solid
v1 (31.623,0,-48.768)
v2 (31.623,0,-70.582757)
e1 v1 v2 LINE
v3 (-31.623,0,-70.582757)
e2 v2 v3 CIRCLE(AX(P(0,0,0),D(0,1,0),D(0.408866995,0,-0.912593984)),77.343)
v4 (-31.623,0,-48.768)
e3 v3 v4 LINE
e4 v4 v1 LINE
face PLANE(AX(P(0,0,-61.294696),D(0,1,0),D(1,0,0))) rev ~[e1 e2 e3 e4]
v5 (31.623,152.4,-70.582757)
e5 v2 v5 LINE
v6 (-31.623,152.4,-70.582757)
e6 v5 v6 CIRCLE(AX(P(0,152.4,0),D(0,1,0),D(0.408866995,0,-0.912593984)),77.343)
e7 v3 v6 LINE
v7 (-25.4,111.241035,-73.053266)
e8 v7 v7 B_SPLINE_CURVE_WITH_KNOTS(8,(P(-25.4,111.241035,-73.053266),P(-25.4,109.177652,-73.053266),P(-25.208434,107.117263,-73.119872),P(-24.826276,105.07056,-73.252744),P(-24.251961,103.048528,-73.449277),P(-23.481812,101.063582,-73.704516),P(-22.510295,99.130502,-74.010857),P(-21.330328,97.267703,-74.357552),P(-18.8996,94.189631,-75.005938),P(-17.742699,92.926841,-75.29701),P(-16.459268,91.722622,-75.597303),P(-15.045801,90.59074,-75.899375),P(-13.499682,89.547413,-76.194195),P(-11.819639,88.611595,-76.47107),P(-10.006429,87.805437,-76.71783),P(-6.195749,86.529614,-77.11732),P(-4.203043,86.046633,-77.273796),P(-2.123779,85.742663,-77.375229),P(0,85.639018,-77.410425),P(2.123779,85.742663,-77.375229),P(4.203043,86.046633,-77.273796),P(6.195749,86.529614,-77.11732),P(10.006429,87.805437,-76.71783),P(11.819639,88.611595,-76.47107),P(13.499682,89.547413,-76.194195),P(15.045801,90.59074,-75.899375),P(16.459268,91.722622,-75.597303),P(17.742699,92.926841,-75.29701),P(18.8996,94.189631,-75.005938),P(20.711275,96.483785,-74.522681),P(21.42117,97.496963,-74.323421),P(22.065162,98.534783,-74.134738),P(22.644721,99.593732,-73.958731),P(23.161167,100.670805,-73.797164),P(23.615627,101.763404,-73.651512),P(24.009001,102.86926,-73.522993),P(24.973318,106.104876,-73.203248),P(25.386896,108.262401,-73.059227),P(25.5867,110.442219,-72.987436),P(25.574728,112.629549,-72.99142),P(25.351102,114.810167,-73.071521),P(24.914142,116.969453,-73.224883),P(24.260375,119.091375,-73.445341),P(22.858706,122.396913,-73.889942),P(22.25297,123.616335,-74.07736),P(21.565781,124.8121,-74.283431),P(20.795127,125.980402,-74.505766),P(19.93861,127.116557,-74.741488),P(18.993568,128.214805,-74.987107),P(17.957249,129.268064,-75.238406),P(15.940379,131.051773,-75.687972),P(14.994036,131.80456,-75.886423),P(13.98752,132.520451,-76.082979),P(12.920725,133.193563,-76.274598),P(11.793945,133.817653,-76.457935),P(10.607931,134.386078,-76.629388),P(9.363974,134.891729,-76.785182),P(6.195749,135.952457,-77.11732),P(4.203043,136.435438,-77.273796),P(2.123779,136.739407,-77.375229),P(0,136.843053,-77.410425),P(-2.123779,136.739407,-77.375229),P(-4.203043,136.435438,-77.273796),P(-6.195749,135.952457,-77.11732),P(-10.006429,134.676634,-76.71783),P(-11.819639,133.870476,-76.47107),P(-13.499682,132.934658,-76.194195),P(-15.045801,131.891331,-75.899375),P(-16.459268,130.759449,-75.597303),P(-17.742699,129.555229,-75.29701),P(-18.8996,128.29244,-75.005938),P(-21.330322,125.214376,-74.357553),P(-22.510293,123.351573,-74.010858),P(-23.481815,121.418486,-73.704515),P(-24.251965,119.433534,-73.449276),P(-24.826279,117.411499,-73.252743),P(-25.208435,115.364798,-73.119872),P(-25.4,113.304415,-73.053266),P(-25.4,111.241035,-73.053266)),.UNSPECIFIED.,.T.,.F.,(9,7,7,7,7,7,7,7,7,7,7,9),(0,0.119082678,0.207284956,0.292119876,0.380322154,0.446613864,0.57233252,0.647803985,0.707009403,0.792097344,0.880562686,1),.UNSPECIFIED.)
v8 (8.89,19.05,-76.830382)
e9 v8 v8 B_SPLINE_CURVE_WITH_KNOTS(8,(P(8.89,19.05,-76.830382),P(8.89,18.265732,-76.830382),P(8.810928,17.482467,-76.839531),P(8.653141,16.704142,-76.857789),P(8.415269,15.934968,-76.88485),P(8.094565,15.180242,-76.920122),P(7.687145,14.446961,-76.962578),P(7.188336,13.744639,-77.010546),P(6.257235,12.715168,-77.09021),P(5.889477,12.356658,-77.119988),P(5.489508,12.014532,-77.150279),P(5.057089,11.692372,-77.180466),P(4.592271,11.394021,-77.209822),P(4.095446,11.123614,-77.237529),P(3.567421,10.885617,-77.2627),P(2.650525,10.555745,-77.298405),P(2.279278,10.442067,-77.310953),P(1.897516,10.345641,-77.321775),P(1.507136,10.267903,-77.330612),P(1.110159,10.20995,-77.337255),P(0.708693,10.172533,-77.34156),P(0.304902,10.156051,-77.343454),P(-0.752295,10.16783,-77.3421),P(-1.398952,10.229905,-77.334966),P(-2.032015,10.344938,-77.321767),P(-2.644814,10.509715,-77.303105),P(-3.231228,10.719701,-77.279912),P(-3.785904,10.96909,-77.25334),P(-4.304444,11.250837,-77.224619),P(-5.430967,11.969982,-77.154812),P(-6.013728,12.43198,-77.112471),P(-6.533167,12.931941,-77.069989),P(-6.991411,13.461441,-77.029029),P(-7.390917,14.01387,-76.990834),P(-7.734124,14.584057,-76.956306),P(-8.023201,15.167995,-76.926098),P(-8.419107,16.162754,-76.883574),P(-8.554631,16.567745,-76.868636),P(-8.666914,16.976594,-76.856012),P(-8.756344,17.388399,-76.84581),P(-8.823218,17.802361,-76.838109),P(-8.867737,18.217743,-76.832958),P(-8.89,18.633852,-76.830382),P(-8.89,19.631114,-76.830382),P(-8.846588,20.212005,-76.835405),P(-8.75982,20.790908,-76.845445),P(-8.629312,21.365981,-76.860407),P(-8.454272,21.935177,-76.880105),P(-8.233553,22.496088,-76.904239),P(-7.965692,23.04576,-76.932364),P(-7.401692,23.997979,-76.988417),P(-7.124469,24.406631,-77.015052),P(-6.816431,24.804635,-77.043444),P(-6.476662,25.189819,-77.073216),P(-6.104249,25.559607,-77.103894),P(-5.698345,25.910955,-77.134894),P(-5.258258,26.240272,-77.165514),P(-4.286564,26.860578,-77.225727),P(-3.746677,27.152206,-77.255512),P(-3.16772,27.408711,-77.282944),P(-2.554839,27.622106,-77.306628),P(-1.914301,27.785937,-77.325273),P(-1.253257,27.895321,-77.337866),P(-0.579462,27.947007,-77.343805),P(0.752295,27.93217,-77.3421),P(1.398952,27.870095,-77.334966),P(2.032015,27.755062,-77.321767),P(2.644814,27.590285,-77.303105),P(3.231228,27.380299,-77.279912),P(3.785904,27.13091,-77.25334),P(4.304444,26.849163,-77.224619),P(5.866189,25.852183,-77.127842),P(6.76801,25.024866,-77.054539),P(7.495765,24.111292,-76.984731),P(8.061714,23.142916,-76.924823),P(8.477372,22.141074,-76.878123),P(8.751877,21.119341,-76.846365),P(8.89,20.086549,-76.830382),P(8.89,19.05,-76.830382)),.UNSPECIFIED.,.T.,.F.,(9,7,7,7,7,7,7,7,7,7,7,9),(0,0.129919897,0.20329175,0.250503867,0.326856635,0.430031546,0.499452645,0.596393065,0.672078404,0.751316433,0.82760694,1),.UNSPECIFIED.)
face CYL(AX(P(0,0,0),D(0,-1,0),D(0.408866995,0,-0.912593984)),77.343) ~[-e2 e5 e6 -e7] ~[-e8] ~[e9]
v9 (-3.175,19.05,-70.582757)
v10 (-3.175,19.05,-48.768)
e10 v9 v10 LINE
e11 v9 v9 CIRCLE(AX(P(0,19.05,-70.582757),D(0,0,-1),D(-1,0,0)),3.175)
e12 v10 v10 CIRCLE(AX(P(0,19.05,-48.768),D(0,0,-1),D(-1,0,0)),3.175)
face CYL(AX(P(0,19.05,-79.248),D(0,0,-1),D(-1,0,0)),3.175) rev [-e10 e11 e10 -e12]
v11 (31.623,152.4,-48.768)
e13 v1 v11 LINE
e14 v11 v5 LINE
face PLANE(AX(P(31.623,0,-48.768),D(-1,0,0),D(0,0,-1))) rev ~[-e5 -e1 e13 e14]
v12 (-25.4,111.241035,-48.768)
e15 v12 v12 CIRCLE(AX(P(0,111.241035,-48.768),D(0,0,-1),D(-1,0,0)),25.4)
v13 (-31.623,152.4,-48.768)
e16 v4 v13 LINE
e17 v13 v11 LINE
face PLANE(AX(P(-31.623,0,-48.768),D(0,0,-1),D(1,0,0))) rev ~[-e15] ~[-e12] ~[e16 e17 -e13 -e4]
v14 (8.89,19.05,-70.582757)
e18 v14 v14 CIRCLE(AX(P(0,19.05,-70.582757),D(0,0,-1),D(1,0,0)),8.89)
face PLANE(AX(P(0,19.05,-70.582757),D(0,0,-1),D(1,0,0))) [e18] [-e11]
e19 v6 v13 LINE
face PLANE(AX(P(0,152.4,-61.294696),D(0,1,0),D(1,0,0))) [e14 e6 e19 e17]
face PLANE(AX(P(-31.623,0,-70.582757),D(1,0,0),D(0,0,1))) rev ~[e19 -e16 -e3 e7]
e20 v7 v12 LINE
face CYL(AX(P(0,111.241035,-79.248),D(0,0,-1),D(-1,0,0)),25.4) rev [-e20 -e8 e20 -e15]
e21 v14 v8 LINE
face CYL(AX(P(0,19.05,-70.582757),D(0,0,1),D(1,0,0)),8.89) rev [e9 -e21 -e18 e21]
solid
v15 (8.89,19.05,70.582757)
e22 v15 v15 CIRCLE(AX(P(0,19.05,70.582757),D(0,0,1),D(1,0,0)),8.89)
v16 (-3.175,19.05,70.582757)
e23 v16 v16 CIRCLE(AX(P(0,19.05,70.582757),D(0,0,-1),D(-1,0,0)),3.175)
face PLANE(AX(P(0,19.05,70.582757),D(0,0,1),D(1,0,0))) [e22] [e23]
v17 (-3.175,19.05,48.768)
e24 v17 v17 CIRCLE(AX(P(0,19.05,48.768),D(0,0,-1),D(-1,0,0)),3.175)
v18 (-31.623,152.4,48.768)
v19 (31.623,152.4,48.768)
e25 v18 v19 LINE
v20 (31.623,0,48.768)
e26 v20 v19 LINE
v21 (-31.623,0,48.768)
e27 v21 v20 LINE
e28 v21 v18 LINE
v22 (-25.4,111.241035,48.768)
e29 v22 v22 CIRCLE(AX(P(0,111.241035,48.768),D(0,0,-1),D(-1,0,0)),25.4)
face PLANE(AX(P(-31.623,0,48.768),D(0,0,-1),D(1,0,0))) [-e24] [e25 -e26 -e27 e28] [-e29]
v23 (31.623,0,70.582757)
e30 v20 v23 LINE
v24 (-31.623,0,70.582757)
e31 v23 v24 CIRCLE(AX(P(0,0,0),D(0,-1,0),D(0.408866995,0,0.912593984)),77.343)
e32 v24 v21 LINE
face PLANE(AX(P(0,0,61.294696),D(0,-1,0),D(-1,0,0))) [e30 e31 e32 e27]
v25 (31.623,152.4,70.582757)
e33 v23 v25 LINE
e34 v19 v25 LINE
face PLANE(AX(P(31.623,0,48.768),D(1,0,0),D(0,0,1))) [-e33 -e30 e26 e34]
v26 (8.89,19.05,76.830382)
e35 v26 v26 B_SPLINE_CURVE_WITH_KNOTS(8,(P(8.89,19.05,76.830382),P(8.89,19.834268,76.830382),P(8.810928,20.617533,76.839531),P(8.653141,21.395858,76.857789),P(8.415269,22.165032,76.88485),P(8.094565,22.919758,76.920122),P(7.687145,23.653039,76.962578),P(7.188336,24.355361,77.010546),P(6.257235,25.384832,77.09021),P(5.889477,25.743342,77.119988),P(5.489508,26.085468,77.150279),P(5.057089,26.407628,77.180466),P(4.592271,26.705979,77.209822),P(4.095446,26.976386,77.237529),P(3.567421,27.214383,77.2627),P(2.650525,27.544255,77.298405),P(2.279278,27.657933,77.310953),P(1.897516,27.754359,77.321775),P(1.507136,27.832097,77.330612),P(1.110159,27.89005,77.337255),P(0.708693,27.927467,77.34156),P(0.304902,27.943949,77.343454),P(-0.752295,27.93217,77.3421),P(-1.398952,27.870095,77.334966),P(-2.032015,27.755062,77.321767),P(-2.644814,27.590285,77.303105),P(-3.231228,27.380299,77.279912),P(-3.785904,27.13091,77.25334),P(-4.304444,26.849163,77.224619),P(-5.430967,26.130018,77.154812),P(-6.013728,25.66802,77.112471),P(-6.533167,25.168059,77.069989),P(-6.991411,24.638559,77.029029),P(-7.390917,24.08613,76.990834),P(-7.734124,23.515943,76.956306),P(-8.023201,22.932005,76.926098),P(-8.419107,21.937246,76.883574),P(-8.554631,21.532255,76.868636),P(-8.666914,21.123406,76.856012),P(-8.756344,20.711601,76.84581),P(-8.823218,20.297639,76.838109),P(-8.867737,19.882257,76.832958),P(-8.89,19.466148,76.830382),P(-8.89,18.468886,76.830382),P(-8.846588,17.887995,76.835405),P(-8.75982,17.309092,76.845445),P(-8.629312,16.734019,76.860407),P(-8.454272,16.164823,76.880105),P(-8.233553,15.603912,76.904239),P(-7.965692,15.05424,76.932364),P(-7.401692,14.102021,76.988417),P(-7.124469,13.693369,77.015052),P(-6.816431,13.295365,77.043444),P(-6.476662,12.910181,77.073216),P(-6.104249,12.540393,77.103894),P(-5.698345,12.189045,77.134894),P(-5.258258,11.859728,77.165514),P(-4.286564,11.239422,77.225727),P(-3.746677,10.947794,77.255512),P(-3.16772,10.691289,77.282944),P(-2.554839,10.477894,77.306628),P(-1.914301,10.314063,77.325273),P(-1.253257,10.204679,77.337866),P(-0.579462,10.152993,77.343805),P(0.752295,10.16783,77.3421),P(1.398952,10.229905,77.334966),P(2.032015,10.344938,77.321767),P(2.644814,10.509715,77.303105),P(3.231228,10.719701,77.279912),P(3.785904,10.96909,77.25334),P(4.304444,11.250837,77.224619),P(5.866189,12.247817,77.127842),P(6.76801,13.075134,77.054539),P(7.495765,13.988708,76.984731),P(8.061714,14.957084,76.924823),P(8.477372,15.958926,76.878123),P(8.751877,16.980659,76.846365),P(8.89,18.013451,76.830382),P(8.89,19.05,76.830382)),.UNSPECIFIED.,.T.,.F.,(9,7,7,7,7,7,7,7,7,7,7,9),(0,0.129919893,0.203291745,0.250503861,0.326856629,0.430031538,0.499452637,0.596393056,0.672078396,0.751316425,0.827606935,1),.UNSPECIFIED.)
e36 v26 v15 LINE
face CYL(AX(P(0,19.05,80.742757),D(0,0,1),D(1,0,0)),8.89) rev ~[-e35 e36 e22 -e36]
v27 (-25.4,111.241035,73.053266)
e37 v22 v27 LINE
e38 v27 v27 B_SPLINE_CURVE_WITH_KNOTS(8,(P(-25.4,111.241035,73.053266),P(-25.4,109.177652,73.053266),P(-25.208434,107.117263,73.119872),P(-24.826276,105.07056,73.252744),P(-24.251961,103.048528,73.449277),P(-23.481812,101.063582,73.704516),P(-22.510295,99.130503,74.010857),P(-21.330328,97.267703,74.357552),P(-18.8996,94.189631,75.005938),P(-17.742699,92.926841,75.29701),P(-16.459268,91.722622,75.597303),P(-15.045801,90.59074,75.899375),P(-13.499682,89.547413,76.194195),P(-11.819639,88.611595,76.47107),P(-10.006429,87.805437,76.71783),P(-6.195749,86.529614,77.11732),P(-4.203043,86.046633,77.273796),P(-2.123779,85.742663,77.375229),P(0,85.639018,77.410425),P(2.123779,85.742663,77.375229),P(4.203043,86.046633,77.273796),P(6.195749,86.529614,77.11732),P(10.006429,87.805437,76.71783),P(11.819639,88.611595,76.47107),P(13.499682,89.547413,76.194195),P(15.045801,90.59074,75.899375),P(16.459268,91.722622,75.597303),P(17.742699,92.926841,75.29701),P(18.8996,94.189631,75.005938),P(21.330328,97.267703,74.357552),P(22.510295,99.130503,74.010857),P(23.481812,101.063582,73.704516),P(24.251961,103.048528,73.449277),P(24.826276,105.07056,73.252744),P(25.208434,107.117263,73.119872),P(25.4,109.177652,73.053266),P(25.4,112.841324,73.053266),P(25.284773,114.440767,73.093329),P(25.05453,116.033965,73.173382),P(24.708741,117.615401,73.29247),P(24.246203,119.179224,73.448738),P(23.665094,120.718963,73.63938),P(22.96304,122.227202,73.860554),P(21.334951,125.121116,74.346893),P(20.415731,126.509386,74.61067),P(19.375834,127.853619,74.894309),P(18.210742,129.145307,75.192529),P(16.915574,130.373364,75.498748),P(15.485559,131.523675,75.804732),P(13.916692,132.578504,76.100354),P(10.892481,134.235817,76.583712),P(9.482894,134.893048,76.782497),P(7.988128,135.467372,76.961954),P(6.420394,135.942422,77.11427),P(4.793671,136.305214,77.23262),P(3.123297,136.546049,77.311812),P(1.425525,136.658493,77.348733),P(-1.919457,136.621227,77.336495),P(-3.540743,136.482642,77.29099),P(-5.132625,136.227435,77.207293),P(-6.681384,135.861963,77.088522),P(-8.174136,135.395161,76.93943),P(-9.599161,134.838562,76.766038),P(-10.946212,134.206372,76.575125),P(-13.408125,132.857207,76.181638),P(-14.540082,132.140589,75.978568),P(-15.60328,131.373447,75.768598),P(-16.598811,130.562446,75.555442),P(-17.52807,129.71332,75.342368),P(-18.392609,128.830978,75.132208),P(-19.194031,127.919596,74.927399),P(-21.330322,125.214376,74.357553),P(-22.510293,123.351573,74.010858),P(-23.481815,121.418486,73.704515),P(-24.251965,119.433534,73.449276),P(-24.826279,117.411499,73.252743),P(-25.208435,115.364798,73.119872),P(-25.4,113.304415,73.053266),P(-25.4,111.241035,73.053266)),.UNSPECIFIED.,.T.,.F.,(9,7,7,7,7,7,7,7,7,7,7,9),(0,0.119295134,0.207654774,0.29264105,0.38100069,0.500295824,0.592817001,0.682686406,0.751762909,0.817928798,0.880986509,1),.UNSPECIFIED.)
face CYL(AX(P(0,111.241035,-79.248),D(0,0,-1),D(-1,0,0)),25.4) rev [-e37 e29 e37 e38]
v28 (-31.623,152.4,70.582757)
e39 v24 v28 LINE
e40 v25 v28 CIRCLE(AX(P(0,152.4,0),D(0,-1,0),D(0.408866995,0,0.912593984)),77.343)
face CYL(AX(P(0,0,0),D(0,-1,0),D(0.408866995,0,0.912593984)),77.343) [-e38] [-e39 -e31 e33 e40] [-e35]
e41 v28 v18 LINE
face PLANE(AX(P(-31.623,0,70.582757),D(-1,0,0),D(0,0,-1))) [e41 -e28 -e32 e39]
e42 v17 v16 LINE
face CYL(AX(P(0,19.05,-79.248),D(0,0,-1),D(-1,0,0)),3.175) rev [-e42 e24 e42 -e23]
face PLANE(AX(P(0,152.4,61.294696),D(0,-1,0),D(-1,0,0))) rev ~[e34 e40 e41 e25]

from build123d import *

# Parameters (mm, degrees)
BOSS_EXTRUDE1_DEPTH     = 152.4
BOSS_EXTRUDE1_2_DEPTH   = 152.4
CUT_EXTRUDE1_DEPTH      = 127
CUT_EXTRUDE1_DEPTH_BACK = 30.48
SKETCH4_R               = 3.175
CUT_EXTRUDE2_DEPTH      = 127
CUT_EXTRUDE2_DEPTH_BACK = 30.48
SKETCH5_R               = 25.4
SKETCH6_R               = 8.89
CUT_EXTRUDE3_DEPTH      = 10.16
CUT_EXTRUDE4_START      = 10.16
SKETCH7_R               = 8.89
CUT_EXTRUDE4_DEPTH      = 10.16


with BuildPart() as part:
    # Sketch3 → Boss-Extrude1 (new body)
    with BuildSketch(Plane(origin=(0, 0, 0), x_dir=(1, 0, 0), z_dir=(0, 1, 0))):
        with BuildLine():
            Line((-31.623, 48.768), (31.623, 48.768))
            Line((31.623, 48.768), (31.623, 70.582756534))
            ThreePointArc((31.623, 70.582756534), (0, 77.343), (-31.623, 70.582756534))
            Line((-31.623, 70.582756534), (-31.623, 48.768))
        make_face()
    extrude(amount=BOSS_EXTRUDE1_DEPTH)


with BuildPart() as body_2:
    # Sketch3 → Boss-Extrude1 2 (new body)
    with BuildSketch(Plane(origin=(0, 0, 0), x_dir=(1, 0, 0), z_dir=(0, 1, 0))):
        with BuildLine():
            Line((-31.623, -48.768), (31.623, -48.768))
            Line((31.623, -48.768), (31.623, -70.582756534))
            ThreePointArc((31.623, -70.582756534), (0, -77.343), (-31.623, -70.582756534))
            Line((-31.623, -70.582756534), (-31.623, -48.768))
        make_face()
    extrude(amount=BOSS_EXTRUDE1_2_DEPTH)


with BuildPart() as cut_extrude1_tool:
    # Sketch4 → Cut-Extrude1 (new, two sides: drawn at the far end of the back side and taken through both)
    with BuildSketch(Plane.XY.offset(-48.768).offset(-CUT_EXTRUDE1_DEPTH_BACK)):
        with Locations(Location((0, 19.05, 0), (0, 0, 180))):
            Circle(SKETCH4_R)
    extrude(amount=CUT_EXTRUDE1_DEPTH + CUT_EXTRUDE1_DEPTH_BACK)


with BuildPart() as part_1:
    add(part.part)

    # Cut-Extrude1: cut by cut_extrude1_tool
    add(cut_extrude1_tool.part, mode=Mode.SUBTRACT)


with BuildPart() as body_2_1:
    add(body_2.part)

    # Cut-Extrude1: cut by cut_extrude1_tool
    add(cut_extrude1_tool.part, mode=Mode.SUBTRACT)


with BuildPart() as cut_extrude2_tool:
    # Sketch5 → Cut-Extrude2 (new, two sides: drawn at the far end of the back side and taken through both)
    with BuildSketch(Plane.XY.offset(-48.768).offset(-CUT_EXTRUDE2_DEPTH_BACK)):
        with Locations(Location((0, 111.241035357, 0), (0, 0, 180))):
            Circle(SKETCH5_R)
    extrude(amount=CUT_EXTRUDE2_DEPTH + CUT_EXTRUDE2_DEPTH_BACK)


with BuildPart() as part_2:
    add(part_1.part)

    # Cut-Extrude2: cut by cut_extrude2_tool
    add(cut_extrude2_tool.part, mode=Mode.SUBTRACT)

    # Sketch6 → Cut-Extrude3 (cut)
    with BuildSketch(Plane(origin=(0, 0, -70.582756534), x_dir=(-1, 0, 0), z_dir=(0, 0, -1))):
        with Locations(Location((0, 19.05, 0), (0, 0, 180))):
            Circle(SKETCH6_R)
    extrude(amount=CUT_EXTRUDE3_DEPTH, mode=Mode.SUBTRACT)


with BuildPart() as body_2_2:
    add(body_2_1.part)

    # Cut-Extrude2: cut by cut_extrude2_tool
    add(cut_extrude2_tool.part, mode=Mode.SUBTRACT)

    # Sketch7 → Cut-Extrude4 (cut)
    with BuildSketch(Plane.XY.offset(70.582756534).offset(CUT_EXTRUDE4_START)):
        with Locations((0, 19.05)):
            Circle(SKETCH7_R)
    extrude(amount=-CUT_EXTRUDE4_DEPTH, mode=Mode.SUBTRACT)


solid = Compound([part_2.part, body_2_2.part])
